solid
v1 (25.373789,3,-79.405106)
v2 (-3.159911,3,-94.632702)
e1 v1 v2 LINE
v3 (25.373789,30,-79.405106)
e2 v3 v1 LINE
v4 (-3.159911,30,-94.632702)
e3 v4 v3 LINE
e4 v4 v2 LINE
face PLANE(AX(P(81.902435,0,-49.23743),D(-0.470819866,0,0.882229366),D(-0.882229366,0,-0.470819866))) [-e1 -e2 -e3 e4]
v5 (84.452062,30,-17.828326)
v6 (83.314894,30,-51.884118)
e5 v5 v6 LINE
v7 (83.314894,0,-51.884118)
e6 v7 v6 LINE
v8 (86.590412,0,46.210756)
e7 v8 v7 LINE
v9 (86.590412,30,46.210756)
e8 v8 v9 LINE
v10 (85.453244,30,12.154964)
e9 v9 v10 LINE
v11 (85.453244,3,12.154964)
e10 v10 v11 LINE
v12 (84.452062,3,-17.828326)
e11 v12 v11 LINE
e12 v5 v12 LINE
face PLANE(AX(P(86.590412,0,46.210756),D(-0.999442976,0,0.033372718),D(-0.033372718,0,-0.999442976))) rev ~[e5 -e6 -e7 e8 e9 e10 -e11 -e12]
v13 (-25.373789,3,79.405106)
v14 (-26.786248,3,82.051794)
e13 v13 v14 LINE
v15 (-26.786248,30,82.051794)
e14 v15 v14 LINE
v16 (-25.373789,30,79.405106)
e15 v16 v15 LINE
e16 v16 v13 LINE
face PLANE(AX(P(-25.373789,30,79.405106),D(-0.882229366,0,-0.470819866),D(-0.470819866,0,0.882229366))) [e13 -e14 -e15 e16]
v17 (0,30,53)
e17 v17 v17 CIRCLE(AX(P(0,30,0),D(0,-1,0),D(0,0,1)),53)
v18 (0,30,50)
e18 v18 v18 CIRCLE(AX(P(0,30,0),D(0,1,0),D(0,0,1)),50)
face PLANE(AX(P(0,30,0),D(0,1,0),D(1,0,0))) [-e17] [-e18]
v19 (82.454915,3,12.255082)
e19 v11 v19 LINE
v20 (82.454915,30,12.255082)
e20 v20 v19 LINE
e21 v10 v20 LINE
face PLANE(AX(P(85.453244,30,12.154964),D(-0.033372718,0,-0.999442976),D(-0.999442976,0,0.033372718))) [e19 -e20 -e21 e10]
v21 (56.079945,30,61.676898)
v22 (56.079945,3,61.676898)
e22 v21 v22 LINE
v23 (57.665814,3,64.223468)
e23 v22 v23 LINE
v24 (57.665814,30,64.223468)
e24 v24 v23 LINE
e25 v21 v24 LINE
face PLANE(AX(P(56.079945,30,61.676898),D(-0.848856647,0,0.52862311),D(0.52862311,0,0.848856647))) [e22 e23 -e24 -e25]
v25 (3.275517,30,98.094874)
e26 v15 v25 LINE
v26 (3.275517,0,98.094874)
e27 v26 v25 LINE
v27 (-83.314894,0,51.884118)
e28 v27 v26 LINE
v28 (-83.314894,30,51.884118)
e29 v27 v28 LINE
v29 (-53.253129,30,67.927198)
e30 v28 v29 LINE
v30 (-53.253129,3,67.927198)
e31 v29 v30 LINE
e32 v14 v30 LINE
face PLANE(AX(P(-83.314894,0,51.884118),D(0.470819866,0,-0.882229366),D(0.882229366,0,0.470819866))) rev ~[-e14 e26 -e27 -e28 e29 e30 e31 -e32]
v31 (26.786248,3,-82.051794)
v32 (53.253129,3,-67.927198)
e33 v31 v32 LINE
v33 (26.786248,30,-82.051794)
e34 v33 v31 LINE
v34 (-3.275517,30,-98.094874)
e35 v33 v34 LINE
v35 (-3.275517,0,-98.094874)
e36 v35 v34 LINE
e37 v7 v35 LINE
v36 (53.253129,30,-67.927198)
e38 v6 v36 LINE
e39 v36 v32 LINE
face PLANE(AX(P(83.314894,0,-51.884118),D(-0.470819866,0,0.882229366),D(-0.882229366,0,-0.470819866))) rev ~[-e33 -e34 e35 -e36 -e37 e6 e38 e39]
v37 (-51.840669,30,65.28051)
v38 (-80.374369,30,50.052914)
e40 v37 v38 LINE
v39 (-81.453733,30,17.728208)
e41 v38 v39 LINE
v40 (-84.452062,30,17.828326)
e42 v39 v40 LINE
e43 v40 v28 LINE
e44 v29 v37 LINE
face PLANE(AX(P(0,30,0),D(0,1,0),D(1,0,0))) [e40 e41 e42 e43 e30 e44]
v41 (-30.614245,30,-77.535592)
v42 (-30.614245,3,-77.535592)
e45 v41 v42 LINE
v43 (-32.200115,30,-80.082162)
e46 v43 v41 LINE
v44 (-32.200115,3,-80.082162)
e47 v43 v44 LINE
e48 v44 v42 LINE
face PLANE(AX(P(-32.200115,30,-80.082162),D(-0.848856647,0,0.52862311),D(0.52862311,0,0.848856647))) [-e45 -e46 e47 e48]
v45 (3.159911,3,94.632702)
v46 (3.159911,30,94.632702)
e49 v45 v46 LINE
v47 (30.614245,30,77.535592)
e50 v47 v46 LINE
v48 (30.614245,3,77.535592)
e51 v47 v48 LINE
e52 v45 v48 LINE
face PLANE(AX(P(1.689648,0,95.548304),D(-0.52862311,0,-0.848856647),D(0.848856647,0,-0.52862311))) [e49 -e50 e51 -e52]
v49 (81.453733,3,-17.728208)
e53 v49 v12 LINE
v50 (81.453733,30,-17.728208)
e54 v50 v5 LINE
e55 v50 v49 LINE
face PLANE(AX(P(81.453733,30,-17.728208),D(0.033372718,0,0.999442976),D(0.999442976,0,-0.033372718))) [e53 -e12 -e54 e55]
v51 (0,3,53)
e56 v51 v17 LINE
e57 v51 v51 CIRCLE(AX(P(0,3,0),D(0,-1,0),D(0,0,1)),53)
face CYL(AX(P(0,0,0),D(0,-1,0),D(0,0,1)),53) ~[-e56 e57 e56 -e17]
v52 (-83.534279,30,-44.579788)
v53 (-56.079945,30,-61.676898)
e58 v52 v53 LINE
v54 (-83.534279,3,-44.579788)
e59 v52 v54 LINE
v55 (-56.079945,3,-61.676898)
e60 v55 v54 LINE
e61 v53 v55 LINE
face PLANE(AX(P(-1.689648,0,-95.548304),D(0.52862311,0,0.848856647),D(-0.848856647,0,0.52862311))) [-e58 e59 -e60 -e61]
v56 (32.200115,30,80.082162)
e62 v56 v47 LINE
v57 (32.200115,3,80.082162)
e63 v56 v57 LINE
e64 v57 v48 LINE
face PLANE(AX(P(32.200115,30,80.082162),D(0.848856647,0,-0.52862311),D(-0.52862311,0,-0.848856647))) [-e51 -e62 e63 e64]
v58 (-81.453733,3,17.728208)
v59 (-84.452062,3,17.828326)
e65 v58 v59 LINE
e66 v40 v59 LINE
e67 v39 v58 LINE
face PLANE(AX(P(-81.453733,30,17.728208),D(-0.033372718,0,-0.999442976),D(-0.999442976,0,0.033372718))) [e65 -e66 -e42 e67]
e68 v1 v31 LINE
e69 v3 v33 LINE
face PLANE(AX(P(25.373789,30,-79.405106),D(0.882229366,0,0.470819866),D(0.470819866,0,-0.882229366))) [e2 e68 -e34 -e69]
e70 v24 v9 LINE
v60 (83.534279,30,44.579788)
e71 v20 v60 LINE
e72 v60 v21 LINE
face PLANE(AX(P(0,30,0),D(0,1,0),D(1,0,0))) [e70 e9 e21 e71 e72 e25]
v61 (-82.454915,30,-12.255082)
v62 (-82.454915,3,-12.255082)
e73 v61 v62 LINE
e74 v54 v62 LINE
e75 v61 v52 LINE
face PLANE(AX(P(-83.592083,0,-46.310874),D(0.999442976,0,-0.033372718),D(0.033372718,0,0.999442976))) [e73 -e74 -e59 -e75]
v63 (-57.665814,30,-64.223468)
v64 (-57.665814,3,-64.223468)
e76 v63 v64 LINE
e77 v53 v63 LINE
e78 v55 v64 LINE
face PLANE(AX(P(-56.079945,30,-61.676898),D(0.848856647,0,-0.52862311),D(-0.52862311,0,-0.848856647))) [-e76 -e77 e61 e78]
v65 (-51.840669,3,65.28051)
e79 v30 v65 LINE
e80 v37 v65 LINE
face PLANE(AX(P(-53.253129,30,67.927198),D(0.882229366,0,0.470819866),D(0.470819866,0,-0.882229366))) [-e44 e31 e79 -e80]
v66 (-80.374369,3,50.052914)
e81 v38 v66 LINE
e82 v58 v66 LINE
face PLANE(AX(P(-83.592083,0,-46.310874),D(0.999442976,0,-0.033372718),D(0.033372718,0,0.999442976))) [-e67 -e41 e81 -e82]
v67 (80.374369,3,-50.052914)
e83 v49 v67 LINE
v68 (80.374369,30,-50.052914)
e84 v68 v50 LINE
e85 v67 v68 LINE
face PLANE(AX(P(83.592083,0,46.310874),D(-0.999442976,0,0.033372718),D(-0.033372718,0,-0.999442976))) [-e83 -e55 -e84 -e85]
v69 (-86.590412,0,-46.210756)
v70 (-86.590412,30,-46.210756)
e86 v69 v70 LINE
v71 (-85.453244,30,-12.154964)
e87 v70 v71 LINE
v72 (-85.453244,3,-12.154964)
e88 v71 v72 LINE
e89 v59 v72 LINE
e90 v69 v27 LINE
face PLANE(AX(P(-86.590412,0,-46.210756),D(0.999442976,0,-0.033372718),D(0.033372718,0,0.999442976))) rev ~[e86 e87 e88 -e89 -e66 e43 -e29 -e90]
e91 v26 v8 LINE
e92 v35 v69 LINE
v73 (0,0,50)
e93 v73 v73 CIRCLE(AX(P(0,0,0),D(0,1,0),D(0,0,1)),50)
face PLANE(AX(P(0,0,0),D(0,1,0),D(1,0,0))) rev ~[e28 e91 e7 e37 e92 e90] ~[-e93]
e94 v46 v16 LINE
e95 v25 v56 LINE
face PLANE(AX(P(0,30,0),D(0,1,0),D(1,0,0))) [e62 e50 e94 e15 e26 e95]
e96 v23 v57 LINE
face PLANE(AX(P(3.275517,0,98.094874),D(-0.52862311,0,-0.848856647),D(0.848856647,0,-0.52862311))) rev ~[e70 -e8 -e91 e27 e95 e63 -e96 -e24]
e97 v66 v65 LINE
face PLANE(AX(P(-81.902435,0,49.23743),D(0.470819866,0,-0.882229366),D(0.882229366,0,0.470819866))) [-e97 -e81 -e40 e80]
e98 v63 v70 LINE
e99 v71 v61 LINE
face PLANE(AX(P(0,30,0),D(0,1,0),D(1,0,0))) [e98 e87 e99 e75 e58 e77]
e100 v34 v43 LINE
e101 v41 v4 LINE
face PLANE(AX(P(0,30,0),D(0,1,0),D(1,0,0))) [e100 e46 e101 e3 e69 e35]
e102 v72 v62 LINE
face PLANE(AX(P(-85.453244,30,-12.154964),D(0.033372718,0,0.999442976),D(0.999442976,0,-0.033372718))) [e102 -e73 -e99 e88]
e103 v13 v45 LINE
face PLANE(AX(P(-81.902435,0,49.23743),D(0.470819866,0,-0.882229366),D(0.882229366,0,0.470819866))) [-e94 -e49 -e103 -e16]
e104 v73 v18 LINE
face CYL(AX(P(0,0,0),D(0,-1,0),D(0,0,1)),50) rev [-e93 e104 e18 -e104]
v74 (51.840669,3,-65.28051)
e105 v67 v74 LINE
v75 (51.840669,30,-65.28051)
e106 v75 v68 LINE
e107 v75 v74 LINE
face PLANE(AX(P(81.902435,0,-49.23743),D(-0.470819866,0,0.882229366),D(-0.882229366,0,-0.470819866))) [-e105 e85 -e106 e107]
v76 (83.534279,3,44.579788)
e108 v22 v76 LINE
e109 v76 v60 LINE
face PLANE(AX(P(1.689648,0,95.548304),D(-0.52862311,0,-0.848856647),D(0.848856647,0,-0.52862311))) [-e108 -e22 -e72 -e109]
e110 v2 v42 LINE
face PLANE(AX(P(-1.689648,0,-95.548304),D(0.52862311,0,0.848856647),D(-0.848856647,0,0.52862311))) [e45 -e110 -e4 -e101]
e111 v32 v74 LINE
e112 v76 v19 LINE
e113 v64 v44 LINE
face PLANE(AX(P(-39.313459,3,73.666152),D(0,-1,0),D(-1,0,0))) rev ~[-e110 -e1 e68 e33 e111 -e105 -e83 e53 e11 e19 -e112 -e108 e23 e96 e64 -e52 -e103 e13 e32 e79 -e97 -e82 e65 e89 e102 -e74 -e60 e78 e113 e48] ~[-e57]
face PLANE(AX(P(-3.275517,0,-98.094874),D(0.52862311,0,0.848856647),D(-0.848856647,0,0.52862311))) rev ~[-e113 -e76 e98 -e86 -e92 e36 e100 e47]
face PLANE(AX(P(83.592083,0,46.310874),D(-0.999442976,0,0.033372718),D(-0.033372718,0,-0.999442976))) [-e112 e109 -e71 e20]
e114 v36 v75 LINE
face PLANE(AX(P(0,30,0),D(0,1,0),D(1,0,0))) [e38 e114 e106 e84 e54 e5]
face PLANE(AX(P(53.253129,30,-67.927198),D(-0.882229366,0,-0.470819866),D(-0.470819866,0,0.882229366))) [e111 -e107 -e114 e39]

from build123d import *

# Parameters (mm, degrees)
SKETCH2_R           = 50
BOSS_EXTRUDE1_DEPTH = 30
SHELL1_T            = -3
CUT_EXTRUDE1_DEPTH  = 27


with BuildPart() as part:
    # Sketch2 → Boss-Extrude1 (new body)
    with BuildSketch(Plane(origin=(0, 0, 0), x_dir=(1, 0, 0), z_dir=(0, 1, 0))):
        Polygon((-83.314894361, -51.8841181), (3.275517147, -98.09487408), (86.590411508, -46.21075598), (83.314894361, 51.8841181), (-3.275517147, 98.09487408), (-86.590411508, 46.21075598), align=None)
        with Locations(Location((0, 0, 0), (0, 0, 270))):
            Circle(SKETCH2_R, mode=Mode.SUBTRACT)
    extrude(amount=BOSS_EXTRUDE1_DEPTH)

    # Shell1
    shell1_openings = [part.faces().sort_by_distance(p)[0] for p in [
        (-38.787596874, 30, 72.680784017),
    ]]
    offset(amount=SHELL1_T, openings=shell1_openings, kind=Kind.INTERSECTION)

    # Sketch8 → Cut-Extrude1 (cut)
    with BuildSketch(Plane(origin=(0, 30, 0), x_dir=(1, 0, 0), z_dir=(0, 1, 0))):
        Polygon((53.253129093, 67.9271981), (51.840669496, 65.280510003), (25.373788523, 79.405105982), (26.786248121, 82.051794079), align=None)
        Polygon((84.452062159, 17.828325695), (85.453243709, -12.154963576), (82.454914782, -12.255081731), (81.453733232, 17.72820754), align=None)
        Polygon((57.665814038, -64.223468384), (32.200114616, -80.082161676), (30.614245287, -77.535591734), (56.079944709, -61.676898442), align=None)
        Polygon((-26.786248121, -82.051794079), (-53.253129093, -67.9271981), (-51.840669496, -65.280510003), (-25.373788523, -79.405105982), align=None)
        Polygon((-84.452062159, -17.828325695), (-85.453243709, 12.154963576), (-82.454914782, 12.255081731), (-81.453733232, -17.72820754), align=None)
        Polygon((-57.665814038, 64.223468384), (-32.200114616, 80.082161676), (-30.614245287, 77.535591734), (-56.079944709, 61.676898442), align=None)
    extrude(amount=-CUT_EXTRUDE1_DEPTH, mode=Mode.SUBTRACT)


solid = part.part
